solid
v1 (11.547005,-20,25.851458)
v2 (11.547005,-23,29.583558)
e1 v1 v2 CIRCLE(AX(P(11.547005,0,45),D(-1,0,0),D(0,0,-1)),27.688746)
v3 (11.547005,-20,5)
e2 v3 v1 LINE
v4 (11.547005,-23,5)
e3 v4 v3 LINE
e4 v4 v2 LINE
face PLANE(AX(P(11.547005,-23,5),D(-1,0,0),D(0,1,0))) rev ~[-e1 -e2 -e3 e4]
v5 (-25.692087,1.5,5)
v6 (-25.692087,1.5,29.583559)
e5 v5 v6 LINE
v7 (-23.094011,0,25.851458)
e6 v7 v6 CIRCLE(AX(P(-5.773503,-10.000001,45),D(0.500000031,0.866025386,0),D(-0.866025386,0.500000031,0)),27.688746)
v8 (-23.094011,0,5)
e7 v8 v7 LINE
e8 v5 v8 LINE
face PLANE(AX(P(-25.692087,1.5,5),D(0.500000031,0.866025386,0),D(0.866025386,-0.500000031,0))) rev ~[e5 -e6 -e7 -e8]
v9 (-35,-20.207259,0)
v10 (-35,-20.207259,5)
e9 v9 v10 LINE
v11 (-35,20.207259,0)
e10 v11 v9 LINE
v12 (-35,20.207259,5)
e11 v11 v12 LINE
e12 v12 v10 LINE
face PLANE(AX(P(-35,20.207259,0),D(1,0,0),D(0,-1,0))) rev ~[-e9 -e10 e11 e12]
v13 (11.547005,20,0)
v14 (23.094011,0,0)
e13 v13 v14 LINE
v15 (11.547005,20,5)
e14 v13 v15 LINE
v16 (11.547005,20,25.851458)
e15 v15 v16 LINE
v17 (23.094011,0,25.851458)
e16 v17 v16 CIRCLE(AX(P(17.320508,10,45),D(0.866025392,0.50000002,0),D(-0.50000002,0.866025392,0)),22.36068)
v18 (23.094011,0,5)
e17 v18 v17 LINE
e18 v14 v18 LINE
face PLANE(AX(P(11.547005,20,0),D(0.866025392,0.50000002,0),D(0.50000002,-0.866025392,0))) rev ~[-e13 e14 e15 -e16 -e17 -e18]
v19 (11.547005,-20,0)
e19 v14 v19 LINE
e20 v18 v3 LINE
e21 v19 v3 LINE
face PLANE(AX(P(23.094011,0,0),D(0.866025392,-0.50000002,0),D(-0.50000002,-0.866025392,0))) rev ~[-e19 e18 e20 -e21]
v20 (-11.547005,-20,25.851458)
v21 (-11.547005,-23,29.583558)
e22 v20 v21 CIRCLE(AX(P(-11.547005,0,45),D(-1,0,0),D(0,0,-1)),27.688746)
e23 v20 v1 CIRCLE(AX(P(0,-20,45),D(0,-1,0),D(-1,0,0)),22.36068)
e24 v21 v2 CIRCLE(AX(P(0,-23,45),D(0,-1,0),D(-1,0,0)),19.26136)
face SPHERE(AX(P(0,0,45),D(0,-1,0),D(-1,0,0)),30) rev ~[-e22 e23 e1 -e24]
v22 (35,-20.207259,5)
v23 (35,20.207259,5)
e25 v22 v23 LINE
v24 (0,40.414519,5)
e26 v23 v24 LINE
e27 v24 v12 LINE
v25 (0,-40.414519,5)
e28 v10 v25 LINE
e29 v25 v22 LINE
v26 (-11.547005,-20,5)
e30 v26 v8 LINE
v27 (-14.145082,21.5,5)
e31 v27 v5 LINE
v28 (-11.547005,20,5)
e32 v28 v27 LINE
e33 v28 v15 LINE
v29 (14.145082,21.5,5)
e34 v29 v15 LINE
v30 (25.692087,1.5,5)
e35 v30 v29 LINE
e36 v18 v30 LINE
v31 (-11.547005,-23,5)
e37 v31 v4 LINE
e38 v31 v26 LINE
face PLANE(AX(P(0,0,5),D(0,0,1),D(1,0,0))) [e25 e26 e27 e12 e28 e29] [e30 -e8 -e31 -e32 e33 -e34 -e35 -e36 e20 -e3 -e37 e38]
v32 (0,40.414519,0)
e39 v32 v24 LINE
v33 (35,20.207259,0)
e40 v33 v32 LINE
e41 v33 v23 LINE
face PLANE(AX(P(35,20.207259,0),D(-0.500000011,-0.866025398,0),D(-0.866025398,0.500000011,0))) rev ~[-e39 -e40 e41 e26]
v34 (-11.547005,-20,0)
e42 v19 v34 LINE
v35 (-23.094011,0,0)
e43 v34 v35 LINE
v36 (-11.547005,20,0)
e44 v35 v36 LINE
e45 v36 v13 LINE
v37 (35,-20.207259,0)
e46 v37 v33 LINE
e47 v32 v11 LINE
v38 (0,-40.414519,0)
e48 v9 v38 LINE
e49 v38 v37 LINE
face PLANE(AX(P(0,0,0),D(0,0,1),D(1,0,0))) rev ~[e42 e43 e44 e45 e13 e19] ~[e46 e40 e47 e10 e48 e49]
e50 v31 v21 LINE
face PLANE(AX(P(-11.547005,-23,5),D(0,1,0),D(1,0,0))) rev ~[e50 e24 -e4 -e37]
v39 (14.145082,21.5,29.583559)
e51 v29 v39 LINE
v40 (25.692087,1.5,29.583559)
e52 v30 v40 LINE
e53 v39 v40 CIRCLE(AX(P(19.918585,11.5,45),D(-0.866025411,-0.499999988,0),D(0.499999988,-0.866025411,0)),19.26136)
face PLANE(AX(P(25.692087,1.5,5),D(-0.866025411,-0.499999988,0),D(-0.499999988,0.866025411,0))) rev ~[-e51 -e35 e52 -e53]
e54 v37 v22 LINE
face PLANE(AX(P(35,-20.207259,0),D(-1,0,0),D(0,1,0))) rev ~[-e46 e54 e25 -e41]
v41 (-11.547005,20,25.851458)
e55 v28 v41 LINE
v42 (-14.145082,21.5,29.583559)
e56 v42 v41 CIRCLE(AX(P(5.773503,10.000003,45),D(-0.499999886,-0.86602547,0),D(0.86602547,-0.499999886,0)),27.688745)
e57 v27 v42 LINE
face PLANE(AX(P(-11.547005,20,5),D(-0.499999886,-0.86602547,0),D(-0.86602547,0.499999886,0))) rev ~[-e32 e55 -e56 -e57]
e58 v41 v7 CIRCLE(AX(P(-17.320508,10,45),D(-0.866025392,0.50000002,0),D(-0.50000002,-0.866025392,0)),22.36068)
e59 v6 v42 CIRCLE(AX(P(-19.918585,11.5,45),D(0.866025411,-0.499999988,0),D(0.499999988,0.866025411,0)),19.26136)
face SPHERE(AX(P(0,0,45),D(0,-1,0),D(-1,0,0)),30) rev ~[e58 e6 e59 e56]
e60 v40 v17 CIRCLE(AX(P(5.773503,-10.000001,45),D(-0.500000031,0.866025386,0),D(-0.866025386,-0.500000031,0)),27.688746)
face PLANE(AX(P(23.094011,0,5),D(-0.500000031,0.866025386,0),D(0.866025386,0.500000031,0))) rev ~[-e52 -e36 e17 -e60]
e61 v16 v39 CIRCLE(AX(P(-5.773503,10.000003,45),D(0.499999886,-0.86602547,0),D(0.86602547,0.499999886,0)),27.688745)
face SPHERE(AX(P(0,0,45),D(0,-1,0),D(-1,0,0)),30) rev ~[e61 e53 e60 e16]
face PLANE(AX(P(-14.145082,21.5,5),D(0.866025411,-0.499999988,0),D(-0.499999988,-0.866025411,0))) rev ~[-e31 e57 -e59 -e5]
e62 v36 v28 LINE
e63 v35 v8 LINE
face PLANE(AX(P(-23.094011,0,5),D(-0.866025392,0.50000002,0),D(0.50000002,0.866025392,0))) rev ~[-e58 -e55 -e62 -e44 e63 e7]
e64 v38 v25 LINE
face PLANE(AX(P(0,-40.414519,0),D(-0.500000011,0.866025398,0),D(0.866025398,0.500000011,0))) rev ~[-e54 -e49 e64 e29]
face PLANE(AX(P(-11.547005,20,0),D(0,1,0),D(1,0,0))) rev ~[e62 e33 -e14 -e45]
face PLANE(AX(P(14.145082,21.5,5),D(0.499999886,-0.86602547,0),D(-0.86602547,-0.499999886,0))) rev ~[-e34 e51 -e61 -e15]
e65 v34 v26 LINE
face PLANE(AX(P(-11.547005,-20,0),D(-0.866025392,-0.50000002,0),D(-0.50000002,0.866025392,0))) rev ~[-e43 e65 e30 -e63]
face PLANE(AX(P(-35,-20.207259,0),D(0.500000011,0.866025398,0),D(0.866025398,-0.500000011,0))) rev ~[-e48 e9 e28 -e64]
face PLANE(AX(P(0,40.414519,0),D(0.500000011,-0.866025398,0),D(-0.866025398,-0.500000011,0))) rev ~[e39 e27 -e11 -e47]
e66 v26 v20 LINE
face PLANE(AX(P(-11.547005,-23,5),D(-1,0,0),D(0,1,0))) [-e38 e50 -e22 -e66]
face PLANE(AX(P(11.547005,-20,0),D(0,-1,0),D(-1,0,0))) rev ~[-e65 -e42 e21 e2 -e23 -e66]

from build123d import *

# Parameters (mm, degrees)
F1_DEPTH = 5
F2_W     = 23.09401
F2_H     = 3
F3_DEPTH = 40


with BuildPart() as f1:
    # F0 (on Top) → F1 (new body)
    with BuildSketch(Plane.XY):
        Polygon((35, -20.207259), (35, 20.207259), (0, 40.414519), (-35, 20.207259), (-35, -20.207259), (0, -40.414519), align=None)
        Polygon((-23.094011, 0), (-11.547005, 20), (11.547005, 20), (23.094011, 0), (11.547005, -20), (-11.547005, -20), align=None, mode=Mode.SUBTRACT)
    extrude(amount=F1_DEPTH)

    # F2 (on face) → F3 (join)
    with BuildSketch(Plane.XY.offset(5)):
        Polygon((-23.094011, 0), (-11.547005, 20), (-14.145082, 21.5), (-25.692087, 1.5), align=None)
        Polygon((14.145082, 21.5), (11.547005, 20), (23.094011, 0), (25.692087, 1.5), align=None)
        with Locations((0, -21.5)):
            Rectangle(F2_W, F2_H)
    extrude(amount=F3_DEPTH)

    # F4 (on face) → F5 (revolve, cut)
    with BuildSketch(Plane.XY.offset(45)):
        with BuildLine():
            Line((0, -30), (0, 30))
            ThreePointArc((0, 30), (-30, 0), (0, -30))
        make_face()
    revolve(axis=Axis((0, 0, 45), (0, -1, 0)), mode=Mode.SUBTRACT)


solid = f1.part
